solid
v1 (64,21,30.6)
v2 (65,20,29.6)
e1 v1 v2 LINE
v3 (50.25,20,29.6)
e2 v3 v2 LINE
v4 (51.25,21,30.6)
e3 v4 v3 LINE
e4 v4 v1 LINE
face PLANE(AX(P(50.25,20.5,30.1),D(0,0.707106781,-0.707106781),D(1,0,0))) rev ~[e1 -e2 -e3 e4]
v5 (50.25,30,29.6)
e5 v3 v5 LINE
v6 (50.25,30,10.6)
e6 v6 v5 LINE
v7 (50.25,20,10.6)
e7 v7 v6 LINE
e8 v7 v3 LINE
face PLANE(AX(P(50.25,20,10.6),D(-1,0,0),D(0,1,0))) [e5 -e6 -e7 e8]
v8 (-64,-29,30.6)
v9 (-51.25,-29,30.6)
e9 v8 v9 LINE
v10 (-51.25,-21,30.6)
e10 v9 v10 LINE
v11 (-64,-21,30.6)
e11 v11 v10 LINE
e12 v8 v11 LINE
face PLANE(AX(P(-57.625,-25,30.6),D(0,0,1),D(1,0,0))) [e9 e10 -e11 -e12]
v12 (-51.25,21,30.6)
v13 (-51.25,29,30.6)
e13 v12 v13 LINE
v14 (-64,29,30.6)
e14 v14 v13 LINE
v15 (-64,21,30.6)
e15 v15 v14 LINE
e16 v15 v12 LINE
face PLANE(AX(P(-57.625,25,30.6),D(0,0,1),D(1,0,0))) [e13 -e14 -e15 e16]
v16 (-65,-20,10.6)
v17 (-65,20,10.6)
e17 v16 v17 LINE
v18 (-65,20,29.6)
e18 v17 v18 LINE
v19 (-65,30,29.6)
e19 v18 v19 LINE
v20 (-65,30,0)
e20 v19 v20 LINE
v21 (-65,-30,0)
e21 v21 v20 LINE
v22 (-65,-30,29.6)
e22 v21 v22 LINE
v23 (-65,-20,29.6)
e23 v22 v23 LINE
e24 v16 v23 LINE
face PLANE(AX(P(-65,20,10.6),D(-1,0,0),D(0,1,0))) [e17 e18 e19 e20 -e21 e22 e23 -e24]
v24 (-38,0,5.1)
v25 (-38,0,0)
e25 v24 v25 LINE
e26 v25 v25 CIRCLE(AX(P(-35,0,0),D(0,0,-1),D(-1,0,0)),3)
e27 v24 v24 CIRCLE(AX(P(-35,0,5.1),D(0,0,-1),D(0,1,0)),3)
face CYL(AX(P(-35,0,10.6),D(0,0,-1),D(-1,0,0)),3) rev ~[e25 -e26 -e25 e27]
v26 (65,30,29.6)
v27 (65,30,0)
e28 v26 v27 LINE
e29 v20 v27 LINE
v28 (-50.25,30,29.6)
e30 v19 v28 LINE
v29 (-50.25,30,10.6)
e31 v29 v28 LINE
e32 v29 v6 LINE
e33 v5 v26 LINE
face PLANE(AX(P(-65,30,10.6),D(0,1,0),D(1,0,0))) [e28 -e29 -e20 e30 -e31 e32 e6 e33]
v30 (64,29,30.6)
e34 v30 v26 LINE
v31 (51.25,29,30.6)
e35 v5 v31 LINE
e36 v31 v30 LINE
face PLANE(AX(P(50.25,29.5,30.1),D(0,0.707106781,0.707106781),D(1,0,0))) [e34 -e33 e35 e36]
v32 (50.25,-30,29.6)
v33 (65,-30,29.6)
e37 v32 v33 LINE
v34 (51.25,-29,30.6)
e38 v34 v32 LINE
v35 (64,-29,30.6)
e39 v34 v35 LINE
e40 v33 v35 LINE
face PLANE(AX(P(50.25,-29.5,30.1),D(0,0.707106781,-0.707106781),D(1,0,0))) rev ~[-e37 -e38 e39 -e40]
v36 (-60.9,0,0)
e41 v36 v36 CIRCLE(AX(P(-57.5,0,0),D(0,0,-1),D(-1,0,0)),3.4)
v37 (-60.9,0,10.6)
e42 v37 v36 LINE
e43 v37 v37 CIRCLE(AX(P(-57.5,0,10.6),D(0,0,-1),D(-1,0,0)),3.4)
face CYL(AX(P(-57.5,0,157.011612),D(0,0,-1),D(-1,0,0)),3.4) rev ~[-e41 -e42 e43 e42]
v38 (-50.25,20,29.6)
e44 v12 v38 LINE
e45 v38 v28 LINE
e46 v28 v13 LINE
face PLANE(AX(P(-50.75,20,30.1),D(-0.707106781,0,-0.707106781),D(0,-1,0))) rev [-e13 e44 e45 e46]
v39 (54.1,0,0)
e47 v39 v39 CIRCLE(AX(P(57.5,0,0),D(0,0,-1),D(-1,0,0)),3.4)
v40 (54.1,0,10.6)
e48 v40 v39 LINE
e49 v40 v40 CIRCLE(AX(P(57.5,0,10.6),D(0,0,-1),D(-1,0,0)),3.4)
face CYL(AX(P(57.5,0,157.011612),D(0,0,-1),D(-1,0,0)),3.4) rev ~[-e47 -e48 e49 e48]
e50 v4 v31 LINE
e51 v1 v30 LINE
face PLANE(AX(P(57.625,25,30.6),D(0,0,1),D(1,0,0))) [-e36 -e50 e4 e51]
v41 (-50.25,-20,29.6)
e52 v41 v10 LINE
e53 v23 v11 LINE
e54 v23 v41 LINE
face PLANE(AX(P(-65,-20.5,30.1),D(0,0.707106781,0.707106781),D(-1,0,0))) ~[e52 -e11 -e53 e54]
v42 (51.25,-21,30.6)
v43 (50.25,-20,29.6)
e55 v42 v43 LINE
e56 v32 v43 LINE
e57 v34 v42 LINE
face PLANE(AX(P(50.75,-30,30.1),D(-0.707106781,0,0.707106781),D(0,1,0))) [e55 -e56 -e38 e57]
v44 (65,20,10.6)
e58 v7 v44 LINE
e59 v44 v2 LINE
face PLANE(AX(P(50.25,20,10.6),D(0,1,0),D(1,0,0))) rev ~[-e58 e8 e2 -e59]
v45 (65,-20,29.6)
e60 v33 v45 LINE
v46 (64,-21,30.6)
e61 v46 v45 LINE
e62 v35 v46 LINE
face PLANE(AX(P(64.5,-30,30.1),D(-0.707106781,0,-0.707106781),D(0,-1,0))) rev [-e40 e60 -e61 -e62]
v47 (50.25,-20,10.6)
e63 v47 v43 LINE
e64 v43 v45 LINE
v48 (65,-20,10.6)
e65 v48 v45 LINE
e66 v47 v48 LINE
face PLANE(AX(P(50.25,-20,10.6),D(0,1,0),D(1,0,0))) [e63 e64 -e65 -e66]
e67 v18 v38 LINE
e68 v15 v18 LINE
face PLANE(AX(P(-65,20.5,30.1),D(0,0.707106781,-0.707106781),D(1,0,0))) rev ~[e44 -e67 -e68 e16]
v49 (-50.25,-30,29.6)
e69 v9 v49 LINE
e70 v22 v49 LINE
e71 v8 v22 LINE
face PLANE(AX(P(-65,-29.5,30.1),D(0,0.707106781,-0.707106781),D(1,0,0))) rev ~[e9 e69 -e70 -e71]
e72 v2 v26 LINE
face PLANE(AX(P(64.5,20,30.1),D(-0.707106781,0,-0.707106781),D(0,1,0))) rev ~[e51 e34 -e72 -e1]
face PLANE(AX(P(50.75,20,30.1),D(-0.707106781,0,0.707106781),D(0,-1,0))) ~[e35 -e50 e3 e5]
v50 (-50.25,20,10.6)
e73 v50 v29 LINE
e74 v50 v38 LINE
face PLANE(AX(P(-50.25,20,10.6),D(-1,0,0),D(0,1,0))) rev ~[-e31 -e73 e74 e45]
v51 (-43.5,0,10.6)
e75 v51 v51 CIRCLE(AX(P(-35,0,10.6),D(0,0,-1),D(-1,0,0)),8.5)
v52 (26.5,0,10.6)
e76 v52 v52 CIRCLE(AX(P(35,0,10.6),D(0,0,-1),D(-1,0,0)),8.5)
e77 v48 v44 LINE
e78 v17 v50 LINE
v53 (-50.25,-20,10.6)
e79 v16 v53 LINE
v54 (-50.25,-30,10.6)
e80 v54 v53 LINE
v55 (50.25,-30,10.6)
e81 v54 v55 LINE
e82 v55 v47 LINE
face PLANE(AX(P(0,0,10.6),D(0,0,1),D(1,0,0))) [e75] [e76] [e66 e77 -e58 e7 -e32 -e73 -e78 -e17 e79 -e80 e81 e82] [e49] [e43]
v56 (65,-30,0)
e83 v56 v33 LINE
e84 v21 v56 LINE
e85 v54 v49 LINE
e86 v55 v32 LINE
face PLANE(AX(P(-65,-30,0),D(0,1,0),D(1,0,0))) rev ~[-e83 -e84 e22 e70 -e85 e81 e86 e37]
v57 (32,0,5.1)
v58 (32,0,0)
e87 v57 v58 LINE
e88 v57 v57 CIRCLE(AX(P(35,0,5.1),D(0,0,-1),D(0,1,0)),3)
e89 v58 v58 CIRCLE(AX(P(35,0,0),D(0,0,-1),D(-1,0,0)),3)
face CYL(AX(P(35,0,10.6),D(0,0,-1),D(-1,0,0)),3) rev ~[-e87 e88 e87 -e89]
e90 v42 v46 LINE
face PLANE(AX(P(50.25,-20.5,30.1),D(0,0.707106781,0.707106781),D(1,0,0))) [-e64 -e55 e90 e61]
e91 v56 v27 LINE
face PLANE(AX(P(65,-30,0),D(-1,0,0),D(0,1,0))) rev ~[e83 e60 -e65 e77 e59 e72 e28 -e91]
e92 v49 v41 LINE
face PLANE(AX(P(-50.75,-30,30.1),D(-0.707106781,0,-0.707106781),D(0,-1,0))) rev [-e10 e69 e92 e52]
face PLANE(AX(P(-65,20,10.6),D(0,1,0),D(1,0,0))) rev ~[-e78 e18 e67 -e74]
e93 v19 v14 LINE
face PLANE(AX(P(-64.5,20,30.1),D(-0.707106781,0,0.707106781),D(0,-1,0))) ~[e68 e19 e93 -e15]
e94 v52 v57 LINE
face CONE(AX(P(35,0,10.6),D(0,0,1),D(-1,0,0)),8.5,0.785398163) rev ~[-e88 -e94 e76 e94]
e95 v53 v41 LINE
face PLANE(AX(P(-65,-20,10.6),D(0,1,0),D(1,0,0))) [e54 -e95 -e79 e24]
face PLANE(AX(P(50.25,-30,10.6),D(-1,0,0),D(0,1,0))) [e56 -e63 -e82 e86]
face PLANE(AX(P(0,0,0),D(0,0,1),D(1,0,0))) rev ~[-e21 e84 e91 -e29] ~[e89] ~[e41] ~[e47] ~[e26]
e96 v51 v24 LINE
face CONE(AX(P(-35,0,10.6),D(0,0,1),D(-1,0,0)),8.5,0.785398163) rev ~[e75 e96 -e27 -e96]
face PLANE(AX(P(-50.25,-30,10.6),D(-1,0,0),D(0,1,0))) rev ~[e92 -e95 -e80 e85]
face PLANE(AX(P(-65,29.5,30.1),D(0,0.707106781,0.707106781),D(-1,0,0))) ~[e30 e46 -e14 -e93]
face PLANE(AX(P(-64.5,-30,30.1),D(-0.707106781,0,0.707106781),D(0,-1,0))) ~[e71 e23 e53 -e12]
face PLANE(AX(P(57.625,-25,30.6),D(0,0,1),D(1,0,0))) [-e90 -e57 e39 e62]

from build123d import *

# Parameters (mm, degrees)
F0_W           = 130
F0_H           = 60
F1_DEPTH       = 10.6
F2_W           = 14.75
F2_H           = 10
F3_DEPTH       = 20
F5_D           = 6.8
F7_D           = 6
F7_CSINK_D     = 17
F7_CSINK_ANGLE = 90
F8_SIZE        = 1


with BuildPart() as f1:
    # F0 (on Top) → F1 (new body)
    with BuildSketch(Plane.XY):
        Rectangle(F0_W, F0_H)
    extrude(amount=F1_DEPTH)

    # F2 (on face) → F3 (join)
    with BuildSketch(Plane.XY.offset(10.6)):
        with Locations((-57.625, 25)):
            Rectangle(F2_W, F2_H)
        with Locations((-57.625, -25)):
            Rectangle(F2_W, F2_H)
        with Locations((57.625, -25)):
            Rectangle(F2_W, F2_H)
        with Locations((57.625, 25)):
            Rectangle(F2_W, F2_H)
    extrude(amount=F3_DEPTH)

    # F5 (through all)
    with Locations(Plane.XY.offset(10.6)):
        with Locations((57.5, 0), (-57.5, 0)):
            Hole(F5_D / 2)

    # F7 (through all)
    with Locations(Plane.XY.offset(10.6)):
        with Locations((35, 0), (-35, 0)):
            CounterSinkHole(F7_D / 2, F7_CSINK_D / 2, counter_sink_angle=F7_CSINK_ANGLE)

    # F8
    f8_edges = [f1.edges().sort_by_distance(p)[0] for p in [
        (-57.625, -30, 30.6),
        (-50.25, -25, 30.6),
        (-57.625, -20, 30.6),
        (-65, -25, 30.6),
        (-57.625, 20, 30.6),
        (-57.625, 30, 30.6),
        (-50.25, 25, 30.6),
        (-65, 25, 30.6),
        (50.25, -25, 30.6),
        (57.625, -20, 30.6),
        (65, -25, 30.6),
        (57.625, -30, 30.6),
        (65, 25, 30.6),
        (57.625, 20, 30.6),
        (50.25, 25, 30.6),
        (57.625, 30, 30.6),
    ]]
    chamfer(f8_edges, length=F8_SIZE)


solid = f1.part
